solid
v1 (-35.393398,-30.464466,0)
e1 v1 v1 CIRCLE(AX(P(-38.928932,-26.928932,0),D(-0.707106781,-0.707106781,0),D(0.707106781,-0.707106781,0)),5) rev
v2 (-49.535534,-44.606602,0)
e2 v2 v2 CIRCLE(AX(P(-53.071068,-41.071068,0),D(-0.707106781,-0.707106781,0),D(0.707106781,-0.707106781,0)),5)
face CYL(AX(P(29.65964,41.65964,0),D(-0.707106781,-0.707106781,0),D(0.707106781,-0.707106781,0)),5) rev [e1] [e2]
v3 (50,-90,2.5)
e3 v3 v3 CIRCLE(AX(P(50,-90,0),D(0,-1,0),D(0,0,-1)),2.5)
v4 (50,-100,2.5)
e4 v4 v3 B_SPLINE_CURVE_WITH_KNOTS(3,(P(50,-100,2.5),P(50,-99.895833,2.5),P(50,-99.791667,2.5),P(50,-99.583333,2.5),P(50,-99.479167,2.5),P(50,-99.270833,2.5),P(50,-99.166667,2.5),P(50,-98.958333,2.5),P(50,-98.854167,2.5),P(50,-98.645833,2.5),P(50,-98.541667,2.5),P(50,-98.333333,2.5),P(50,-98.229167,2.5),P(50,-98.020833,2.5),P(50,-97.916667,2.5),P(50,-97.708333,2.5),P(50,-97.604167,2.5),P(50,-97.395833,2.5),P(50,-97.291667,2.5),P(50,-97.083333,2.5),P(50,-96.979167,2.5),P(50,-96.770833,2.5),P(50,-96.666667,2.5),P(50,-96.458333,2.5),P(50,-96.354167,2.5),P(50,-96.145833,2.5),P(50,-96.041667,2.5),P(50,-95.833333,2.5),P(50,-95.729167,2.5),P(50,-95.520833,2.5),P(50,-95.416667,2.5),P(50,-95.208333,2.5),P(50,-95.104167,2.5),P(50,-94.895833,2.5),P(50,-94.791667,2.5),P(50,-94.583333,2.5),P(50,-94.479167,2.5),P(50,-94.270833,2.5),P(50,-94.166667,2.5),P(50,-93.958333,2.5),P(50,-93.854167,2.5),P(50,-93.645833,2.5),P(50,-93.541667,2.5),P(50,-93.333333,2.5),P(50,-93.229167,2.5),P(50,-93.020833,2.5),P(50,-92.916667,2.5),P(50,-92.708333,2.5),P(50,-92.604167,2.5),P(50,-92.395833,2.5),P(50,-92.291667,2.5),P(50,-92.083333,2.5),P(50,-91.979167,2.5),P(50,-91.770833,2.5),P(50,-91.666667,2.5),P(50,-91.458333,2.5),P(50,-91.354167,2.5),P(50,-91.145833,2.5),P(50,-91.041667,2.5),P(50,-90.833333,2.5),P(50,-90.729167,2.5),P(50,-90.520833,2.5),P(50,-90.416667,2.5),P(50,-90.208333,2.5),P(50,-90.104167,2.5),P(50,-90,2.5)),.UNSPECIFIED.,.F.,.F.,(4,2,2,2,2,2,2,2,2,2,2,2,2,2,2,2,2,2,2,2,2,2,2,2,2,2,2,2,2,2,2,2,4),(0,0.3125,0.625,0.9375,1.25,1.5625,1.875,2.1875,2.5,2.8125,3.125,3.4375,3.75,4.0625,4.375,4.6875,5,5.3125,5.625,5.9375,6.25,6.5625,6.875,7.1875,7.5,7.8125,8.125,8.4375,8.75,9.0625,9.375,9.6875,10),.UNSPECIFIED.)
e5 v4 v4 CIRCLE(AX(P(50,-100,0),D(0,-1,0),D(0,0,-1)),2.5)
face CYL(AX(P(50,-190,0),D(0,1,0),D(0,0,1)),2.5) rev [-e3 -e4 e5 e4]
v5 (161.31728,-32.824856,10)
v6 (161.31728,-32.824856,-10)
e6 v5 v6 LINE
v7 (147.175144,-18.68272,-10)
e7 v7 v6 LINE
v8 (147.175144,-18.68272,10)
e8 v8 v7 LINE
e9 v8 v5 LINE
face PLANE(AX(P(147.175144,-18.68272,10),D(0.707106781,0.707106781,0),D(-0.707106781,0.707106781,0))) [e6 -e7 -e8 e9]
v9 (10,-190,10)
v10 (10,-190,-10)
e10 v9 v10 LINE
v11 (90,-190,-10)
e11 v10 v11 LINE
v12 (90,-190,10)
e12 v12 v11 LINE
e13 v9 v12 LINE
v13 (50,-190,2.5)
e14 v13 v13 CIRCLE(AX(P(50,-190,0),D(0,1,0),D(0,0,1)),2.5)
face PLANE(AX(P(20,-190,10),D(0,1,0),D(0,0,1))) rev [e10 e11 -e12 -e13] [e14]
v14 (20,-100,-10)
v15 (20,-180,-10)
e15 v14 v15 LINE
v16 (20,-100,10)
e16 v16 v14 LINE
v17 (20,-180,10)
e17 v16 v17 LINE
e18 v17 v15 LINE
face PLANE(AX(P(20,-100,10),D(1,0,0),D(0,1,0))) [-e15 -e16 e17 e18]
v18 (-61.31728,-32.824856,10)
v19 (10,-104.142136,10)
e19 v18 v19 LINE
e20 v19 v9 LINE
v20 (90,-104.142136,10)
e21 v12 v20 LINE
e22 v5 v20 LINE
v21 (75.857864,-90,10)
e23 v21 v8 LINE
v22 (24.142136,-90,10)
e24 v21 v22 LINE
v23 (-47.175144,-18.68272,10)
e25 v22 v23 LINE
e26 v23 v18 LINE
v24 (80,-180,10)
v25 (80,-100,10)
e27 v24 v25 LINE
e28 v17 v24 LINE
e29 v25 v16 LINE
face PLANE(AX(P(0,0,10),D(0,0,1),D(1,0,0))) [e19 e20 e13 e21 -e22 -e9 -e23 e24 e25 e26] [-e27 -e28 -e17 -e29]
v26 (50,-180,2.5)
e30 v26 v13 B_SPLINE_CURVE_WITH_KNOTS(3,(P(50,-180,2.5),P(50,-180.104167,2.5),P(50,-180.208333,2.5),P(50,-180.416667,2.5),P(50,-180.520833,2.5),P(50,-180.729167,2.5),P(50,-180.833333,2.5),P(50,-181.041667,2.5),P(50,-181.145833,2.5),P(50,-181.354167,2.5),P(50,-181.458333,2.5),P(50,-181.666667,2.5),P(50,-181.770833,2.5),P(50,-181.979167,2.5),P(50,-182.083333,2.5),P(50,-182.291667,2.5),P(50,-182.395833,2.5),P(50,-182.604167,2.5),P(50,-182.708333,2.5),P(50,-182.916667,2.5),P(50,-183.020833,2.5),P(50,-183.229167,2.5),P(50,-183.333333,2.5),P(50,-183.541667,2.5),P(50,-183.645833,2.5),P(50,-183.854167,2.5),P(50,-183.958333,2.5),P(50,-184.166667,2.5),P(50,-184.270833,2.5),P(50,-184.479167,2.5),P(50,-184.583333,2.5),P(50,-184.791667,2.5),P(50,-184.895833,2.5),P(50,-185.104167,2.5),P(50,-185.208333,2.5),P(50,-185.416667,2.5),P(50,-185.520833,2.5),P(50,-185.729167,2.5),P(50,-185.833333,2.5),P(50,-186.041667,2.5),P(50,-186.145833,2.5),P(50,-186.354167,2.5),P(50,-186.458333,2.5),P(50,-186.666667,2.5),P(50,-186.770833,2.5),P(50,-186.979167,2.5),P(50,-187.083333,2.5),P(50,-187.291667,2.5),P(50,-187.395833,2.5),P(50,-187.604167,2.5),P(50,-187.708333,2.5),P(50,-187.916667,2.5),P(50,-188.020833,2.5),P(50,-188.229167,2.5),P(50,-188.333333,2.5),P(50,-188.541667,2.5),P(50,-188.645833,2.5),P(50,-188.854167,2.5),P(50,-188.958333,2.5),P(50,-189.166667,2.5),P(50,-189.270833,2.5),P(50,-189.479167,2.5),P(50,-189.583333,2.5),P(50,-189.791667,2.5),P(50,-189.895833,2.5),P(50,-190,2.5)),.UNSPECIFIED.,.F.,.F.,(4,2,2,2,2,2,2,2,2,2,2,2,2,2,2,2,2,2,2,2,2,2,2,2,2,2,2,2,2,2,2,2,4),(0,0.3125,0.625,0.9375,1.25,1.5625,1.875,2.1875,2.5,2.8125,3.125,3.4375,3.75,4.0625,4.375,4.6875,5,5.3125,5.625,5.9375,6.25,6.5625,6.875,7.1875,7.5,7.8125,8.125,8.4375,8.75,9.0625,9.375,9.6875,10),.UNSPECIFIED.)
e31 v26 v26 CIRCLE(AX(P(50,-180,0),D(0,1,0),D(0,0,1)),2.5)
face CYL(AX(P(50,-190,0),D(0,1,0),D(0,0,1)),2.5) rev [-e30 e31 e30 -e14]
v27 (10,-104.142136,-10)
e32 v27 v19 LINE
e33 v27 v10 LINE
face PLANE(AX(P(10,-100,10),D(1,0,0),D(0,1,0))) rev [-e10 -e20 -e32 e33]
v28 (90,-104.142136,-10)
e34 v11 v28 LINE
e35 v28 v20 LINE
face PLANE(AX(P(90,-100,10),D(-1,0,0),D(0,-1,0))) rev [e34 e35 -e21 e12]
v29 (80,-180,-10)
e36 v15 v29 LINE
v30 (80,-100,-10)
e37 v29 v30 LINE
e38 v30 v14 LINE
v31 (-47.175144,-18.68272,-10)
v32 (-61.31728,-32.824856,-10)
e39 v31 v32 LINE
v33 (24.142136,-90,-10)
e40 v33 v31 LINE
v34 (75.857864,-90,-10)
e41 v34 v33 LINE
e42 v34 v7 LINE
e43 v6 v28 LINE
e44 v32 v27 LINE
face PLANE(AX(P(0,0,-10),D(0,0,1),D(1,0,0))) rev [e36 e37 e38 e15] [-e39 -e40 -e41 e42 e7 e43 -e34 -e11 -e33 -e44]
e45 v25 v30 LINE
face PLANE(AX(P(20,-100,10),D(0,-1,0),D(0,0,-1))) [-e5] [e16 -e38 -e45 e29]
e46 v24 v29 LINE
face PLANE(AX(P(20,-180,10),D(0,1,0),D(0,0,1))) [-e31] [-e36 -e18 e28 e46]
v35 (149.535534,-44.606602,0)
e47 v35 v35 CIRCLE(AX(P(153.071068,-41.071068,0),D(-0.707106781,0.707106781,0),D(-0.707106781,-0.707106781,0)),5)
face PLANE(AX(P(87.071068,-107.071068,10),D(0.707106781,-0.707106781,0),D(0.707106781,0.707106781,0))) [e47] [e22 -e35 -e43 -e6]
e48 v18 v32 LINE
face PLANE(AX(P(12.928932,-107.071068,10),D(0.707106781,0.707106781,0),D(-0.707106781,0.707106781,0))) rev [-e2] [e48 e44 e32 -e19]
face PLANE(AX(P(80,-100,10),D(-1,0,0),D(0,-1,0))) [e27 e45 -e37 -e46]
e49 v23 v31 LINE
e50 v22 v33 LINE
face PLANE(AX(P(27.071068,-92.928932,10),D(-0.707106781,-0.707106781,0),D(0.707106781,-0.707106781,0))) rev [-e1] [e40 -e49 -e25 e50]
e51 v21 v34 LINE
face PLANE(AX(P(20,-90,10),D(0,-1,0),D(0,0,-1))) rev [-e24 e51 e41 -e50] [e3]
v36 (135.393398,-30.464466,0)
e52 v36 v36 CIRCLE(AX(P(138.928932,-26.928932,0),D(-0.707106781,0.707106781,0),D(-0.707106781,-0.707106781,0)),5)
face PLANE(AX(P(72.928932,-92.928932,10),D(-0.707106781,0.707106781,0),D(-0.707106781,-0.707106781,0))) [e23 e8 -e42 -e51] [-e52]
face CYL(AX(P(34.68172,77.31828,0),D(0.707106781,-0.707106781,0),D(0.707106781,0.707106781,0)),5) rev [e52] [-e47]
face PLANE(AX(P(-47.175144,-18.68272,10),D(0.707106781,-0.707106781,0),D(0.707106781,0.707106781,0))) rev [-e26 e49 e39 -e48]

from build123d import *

# Parameters (mm, degrees)
SKETCH1_W               = 80
SKETCH1_H               = 100
SKETCH1_W_2             = 60
SKETCH1_H_2             = 80
EXTRUDE_THIN1_DEPTH     = 10
BOSS_EXTRUDE1_DEPTH     = 10
CUT_EXTRUDE1_REACH      = 200.286
SKETCH3_R               = 5
CUT_EXTRUDE2_DEPTH      = 191.061213228
CUT_EXTRUDE2_DEPTH_BACK = 191.061213228
SKETCH4_R               = 2.5


with BuildPart() as part:
    # Sketch1 → Extrude-Thin1 (new, symmetric)
    with BuildSketch(Plane.XY):
        with Locations((50, -140)):
            Rectangle(SKETCH1_W, SKETCH1_H)
        with Locations((50, -140)):
            Rectangle(SKETCH1_W_2, SKETCH1_H_2, mode=Mode.SUBTRACT)
    extrude(amount=EXTRUDE_THIN1_DEPTH, both=True)

    # Sketch2 → Boss-Extrude1 (add, symmetric)
    with BuildSketch(Plane.XY):
        Polygon((27.071067812, -92.928932188), (-47.175144213, -18.682720164), (-61.317279836, -32.824855787), (12.928932188, -107.071067812), align=None)
    boss_extrude1 = extrude(amount=BOSS_EXTRUDE1_DEPTH, both=True)

    # Sketch3 → Cut-Extrude1 (cut, up to next)
    with BuildSketch(Plane(origin=(-47.071067812, -47.071067812, 0), x_dir=(0, 0, 1), z_dir=(-0.7071067811865477, -0.7071067811865475, 0)), mode=Mode.PRIVATE) as cut_extrude1_sk1:
        with Locations(Location((0, 8.485281374, 0), (0, 0, 270))):
            Circle(SKETCH3_R)
    cut_extrude1_tool1 = extrude(cut_extrude1_sk1.sketch, amount=-CUT_EXTRUDE1_REACH, mode=Mode.PRIVATE) & part.part
    cut_extrude1 = cut_extrude1_tool1.solids().sort_by_distance((-53.071068, -41.071068, 0))[0]
    add(cut_extrude1, mode=Mode.SUBTRACT)

    # Mirror1: Boss-Extrude1, Cut-Extrude1 across plane
    add(boss_extrude1.mirror(Plane(origin=(50, 0, 0), x_dir=(0, 0, 1), z_dir=(1, 0, 0))))
    add(cut_extrude1.mirror(Plane(origin=(50, 0, 0), x_dir=(0, 0, 1), z_dir=(1, 0, 0))), mode=Mode.SUBTRACT)

    # Sketch4 → Cut-Extrude2 (cut, two sides: drawn at the far end of the back side and taken through both)
    with BuildSketch(Plane(origin=(0, -90, 0), x_dir=(1, 0, 0), z_dir=(0, 1, 0)).offset(-CUT_EXTRUDE2_DEPTH_BACK)):
        with Locations(Location((50, 0, 0), (0, 0, 270))):
            Circle(SKETCH4_R)
    extrude(amount=CUT_EXTRUDE2_DEPTH + CUT_EXTRUDE2_DEPTH_BACK, mode=Mode.SUBTRACT)


solid = part.part
